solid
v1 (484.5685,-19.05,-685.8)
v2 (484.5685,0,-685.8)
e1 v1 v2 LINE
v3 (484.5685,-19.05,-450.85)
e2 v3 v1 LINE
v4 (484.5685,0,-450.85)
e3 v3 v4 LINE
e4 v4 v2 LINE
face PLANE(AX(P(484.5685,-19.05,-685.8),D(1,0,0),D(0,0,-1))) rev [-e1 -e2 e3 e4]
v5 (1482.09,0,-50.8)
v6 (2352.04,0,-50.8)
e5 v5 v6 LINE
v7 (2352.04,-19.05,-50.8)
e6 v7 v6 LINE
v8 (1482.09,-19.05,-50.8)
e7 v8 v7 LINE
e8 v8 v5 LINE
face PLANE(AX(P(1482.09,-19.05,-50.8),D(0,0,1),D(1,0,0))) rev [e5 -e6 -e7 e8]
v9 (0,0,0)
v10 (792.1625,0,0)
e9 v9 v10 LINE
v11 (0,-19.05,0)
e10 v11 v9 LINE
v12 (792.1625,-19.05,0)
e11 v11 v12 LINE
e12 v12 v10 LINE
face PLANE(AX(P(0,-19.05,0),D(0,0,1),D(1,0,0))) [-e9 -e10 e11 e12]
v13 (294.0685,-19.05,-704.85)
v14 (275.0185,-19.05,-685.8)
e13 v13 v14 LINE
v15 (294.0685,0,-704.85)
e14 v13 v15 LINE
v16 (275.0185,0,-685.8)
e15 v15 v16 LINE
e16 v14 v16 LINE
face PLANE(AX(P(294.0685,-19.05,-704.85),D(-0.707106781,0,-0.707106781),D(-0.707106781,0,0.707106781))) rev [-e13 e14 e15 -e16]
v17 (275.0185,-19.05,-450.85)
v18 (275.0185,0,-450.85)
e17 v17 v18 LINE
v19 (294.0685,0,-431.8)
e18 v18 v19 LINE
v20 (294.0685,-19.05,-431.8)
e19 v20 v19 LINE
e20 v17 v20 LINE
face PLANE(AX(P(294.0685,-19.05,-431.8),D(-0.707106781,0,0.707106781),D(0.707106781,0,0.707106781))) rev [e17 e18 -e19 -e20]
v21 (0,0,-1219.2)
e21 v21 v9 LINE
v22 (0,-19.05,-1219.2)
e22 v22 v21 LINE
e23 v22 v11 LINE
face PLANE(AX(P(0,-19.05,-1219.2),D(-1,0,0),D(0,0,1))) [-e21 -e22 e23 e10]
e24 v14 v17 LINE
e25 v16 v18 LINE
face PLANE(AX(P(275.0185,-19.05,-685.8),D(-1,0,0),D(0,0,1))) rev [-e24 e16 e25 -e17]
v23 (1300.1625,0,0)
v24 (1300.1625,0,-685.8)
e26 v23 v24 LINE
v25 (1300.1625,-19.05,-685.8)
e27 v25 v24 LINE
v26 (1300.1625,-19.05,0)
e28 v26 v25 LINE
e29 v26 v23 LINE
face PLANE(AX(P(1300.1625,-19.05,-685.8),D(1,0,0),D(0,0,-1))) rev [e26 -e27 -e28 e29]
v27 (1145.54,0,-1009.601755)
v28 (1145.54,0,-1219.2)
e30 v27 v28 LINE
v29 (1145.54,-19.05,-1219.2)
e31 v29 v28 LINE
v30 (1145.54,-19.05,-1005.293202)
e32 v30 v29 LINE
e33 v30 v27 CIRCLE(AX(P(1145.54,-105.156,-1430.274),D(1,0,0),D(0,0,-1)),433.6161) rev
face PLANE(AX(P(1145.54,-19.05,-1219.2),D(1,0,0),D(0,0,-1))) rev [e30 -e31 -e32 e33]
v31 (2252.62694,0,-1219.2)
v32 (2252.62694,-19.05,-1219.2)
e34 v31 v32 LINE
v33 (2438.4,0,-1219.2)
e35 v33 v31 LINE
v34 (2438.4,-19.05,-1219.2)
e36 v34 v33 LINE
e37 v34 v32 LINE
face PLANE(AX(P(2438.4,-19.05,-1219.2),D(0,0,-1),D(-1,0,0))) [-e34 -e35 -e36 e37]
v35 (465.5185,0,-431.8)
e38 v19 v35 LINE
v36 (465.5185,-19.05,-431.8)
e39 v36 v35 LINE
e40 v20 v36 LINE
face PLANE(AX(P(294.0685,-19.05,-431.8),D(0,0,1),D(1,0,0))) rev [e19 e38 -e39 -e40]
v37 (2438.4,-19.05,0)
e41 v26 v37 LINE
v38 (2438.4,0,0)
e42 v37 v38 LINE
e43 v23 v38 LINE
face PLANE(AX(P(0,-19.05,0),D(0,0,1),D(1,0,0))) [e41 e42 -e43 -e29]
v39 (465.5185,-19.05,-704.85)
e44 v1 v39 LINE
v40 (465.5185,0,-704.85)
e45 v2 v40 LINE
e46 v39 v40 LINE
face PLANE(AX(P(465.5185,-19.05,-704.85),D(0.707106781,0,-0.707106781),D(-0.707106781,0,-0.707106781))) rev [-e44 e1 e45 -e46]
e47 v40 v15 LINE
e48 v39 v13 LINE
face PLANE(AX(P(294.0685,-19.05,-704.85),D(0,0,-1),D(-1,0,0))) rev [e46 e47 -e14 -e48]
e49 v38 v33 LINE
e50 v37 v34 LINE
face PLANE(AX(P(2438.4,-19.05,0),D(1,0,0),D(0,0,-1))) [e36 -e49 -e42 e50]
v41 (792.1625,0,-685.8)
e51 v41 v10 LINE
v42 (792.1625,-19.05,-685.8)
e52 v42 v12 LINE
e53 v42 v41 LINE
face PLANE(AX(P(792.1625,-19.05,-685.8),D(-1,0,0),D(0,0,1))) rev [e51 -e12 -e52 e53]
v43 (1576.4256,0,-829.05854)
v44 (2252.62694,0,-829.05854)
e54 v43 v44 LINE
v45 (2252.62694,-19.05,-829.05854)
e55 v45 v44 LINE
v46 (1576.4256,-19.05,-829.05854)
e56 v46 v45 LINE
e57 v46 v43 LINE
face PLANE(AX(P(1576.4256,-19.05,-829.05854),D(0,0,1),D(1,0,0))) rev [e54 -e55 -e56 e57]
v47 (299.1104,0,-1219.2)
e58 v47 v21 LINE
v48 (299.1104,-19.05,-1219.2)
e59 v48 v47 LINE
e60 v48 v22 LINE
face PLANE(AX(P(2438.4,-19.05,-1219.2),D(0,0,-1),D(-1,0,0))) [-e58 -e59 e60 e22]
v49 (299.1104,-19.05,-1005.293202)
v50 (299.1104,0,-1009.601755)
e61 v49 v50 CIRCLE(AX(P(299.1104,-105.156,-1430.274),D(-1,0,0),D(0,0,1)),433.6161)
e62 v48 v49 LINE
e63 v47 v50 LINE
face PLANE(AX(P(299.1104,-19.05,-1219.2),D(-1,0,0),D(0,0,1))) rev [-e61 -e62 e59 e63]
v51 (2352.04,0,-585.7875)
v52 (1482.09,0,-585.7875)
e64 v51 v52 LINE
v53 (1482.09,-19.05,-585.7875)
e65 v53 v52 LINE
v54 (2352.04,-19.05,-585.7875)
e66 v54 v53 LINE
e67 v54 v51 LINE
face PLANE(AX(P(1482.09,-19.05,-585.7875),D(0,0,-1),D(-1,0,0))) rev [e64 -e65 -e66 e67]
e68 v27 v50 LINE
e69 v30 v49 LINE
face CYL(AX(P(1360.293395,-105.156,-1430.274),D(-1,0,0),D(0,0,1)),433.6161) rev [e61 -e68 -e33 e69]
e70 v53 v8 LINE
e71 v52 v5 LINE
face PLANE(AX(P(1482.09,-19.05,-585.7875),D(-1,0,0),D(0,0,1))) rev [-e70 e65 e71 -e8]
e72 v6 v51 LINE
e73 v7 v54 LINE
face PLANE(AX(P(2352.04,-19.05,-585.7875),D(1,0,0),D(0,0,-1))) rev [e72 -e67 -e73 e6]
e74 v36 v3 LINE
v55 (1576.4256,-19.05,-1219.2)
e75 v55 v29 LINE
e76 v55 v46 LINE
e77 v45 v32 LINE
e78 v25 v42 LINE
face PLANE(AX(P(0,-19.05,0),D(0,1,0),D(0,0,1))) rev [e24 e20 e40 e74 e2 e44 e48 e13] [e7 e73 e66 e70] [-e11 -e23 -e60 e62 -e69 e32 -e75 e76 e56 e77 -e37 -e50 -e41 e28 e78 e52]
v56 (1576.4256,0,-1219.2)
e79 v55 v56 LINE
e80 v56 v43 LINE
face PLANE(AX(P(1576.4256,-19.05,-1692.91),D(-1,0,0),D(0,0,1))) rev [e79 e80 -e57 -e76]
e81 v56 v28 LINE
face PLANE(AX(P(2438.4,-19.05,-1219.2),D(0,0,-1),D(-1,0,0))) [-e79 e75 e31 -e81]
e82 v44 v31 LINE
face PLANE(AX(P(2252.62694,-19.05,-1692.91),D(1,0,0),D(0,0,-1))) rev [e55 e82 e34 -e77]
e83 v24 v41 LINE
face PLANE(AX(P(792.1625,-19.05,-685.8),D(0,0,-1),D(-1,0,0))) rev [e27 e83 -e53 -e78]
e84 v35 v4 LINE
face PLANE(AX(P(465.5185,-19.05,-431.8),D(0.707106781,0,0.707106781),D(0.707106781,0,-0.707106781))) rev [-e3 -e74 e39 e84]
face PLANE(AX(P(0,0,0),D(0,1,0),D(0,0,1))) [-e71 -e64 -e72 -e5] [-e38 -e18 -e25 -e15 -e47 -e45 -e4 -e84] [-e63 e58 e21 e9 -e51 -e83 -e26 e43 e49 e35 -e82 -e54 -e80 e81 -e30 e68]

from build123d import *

# Parameters (mm, degrees)
SKETCH1_W           = 2438.4
SKETCH1_H           = 1219.2
BOSS_EXTRUDE1_DEPTH = 19.05
SKETCH2_W           = 869.95
SKETCH2_H           = 534.9875
CUT_EXTRUDE1_DEPTH  = 20.05
SKETCH3_W           = 508
SKETCH3_H           = 685.8
CUT_EXTRUDE2_DEPTH  = 20.05
SKETCH4_W           = 676.20134
SKETCH4_H           = 863.85146
CUT_EXTRUDE3_DEPTH  = 20.05
SKETCH5_W           = 846.4296
SKETCH5_H           = 206.375
CUT_EXTRUDE4_DEPTH  = 20.05
CUT_EXTRUDE6_DEPTH  = 20.05
CUT_EXTRUDE7_DEPTH  = 846.4296


with BuildPart() as part:
    # Sketch1 → Boss-Extrude1 (new body)
    with BuildSketch(Plane(origin=(0, 0, 0), x_dir=(1, 0, 0), z_dir=(0, 1, 0))):
        with Locations((1219.2, 609.6)):
            Rectangle(SKETCH1_W, SKETCH1_H)
    extrude(amount=-BOSS_EXTRUDE1_DEPTH)

    # Sketch2 → Cut-Extrude1 (cut, through all)
    with BuildSketch(Plane(origin=(0, 0, 0), x_dir=(1, 0, 0), z_dir=(0, 1, 0))):
        with Locations((1917.065, 318.29375)):
            Rectangle(SKETCH2_W, SKETCH2_H)
    extrude(amount=-CUT_EXTRUDE1_DEPTH, mode=Mode.SUBTRACT)

    # Sketch3 → Cut-Extrude2 (cut, through all)
    with BuildSketch(Plane(origin=(0, 0, 0), x_dir=(1, 0, 0), z_dir=(0, 1, 0))):
        with Locations((1046.1625, 342.9)):
            Rectangle(SKETCH3_W, SKETCH3_H)
    extrude(amount=-CUT_EXTRUDE2_DEPTH, mode=Mode.SUBTRACT)

    # Sketch4 → Cut-Extrude3 (cut, through all)
    with BuildSketch(Plane(origin=(0, 0, 0), x_dir=(1, 0, 0), z_dir=(0, 1, 0))):
        with Locations((1914.52627, 1260.98427)):
            Rectangle(SKETCH4_W, SKETCH4_H)
    extrude(amount=-CUT_EXTRUDE3_DEPTH, mode=Mode.SUBTRACT)

    # Sketch5 → Cut-Extrude4 (cut, through all)
    with BuildSketch(Plane(origin=(0, 0, 0), x_dir=(1, 0, 0), z_dir=(0, 1, 0))):
        with Locations((722.3252, 1116.0125)):
            Rectangle(SKETCH5_W, SKETCH5_H)
    extrude(amount=-CUT_EXTRUDE4_DEPTH, mode=Mode.SUBTRACT)

    # Sketch8 → Cut-Extrude6 (cut, through all)
    with BuildSketch(Plane(origin=(0, 0, 0), x_dir=(1, 0, 0), z_dir=(0, 1, 0))):
        Polygon((294.0685, 704.85), (275.0185, 685.8), (275.0185, 450.85), (294.0685, 431.8), (465.5185, 431.8), (484.5685, 450.85), (484.5685, 685.8), (465.5185, 704.85), align=None)
    extrude(amount=-CUT_EXTRUDE6_DEPTH, mode=Mode.SUBTRACT)

    # Sketch9 → Cut-Extrude7 (cut)
    with BuildSketch(Plane.ZY.offset(-299.1104)):
        with BuildLine():
            Line((-1009.601754844, 0), (-1219.2, 0))
            Line((-1219.2, 0), (-1219.2, -19.05))
            Line((-1219.2, -19.05), (-1005.293201675, -19.05))
            ThreePointArc((-1005.293201675, -19.05), (-1007.340207177, -9.500738417), (-1009.601754844, 0))
        make_face()
    extrude(amount=-CUT_EXTRUDE7_DEPTH, mode=Mode.SUBTRACT)


solid = part.part
